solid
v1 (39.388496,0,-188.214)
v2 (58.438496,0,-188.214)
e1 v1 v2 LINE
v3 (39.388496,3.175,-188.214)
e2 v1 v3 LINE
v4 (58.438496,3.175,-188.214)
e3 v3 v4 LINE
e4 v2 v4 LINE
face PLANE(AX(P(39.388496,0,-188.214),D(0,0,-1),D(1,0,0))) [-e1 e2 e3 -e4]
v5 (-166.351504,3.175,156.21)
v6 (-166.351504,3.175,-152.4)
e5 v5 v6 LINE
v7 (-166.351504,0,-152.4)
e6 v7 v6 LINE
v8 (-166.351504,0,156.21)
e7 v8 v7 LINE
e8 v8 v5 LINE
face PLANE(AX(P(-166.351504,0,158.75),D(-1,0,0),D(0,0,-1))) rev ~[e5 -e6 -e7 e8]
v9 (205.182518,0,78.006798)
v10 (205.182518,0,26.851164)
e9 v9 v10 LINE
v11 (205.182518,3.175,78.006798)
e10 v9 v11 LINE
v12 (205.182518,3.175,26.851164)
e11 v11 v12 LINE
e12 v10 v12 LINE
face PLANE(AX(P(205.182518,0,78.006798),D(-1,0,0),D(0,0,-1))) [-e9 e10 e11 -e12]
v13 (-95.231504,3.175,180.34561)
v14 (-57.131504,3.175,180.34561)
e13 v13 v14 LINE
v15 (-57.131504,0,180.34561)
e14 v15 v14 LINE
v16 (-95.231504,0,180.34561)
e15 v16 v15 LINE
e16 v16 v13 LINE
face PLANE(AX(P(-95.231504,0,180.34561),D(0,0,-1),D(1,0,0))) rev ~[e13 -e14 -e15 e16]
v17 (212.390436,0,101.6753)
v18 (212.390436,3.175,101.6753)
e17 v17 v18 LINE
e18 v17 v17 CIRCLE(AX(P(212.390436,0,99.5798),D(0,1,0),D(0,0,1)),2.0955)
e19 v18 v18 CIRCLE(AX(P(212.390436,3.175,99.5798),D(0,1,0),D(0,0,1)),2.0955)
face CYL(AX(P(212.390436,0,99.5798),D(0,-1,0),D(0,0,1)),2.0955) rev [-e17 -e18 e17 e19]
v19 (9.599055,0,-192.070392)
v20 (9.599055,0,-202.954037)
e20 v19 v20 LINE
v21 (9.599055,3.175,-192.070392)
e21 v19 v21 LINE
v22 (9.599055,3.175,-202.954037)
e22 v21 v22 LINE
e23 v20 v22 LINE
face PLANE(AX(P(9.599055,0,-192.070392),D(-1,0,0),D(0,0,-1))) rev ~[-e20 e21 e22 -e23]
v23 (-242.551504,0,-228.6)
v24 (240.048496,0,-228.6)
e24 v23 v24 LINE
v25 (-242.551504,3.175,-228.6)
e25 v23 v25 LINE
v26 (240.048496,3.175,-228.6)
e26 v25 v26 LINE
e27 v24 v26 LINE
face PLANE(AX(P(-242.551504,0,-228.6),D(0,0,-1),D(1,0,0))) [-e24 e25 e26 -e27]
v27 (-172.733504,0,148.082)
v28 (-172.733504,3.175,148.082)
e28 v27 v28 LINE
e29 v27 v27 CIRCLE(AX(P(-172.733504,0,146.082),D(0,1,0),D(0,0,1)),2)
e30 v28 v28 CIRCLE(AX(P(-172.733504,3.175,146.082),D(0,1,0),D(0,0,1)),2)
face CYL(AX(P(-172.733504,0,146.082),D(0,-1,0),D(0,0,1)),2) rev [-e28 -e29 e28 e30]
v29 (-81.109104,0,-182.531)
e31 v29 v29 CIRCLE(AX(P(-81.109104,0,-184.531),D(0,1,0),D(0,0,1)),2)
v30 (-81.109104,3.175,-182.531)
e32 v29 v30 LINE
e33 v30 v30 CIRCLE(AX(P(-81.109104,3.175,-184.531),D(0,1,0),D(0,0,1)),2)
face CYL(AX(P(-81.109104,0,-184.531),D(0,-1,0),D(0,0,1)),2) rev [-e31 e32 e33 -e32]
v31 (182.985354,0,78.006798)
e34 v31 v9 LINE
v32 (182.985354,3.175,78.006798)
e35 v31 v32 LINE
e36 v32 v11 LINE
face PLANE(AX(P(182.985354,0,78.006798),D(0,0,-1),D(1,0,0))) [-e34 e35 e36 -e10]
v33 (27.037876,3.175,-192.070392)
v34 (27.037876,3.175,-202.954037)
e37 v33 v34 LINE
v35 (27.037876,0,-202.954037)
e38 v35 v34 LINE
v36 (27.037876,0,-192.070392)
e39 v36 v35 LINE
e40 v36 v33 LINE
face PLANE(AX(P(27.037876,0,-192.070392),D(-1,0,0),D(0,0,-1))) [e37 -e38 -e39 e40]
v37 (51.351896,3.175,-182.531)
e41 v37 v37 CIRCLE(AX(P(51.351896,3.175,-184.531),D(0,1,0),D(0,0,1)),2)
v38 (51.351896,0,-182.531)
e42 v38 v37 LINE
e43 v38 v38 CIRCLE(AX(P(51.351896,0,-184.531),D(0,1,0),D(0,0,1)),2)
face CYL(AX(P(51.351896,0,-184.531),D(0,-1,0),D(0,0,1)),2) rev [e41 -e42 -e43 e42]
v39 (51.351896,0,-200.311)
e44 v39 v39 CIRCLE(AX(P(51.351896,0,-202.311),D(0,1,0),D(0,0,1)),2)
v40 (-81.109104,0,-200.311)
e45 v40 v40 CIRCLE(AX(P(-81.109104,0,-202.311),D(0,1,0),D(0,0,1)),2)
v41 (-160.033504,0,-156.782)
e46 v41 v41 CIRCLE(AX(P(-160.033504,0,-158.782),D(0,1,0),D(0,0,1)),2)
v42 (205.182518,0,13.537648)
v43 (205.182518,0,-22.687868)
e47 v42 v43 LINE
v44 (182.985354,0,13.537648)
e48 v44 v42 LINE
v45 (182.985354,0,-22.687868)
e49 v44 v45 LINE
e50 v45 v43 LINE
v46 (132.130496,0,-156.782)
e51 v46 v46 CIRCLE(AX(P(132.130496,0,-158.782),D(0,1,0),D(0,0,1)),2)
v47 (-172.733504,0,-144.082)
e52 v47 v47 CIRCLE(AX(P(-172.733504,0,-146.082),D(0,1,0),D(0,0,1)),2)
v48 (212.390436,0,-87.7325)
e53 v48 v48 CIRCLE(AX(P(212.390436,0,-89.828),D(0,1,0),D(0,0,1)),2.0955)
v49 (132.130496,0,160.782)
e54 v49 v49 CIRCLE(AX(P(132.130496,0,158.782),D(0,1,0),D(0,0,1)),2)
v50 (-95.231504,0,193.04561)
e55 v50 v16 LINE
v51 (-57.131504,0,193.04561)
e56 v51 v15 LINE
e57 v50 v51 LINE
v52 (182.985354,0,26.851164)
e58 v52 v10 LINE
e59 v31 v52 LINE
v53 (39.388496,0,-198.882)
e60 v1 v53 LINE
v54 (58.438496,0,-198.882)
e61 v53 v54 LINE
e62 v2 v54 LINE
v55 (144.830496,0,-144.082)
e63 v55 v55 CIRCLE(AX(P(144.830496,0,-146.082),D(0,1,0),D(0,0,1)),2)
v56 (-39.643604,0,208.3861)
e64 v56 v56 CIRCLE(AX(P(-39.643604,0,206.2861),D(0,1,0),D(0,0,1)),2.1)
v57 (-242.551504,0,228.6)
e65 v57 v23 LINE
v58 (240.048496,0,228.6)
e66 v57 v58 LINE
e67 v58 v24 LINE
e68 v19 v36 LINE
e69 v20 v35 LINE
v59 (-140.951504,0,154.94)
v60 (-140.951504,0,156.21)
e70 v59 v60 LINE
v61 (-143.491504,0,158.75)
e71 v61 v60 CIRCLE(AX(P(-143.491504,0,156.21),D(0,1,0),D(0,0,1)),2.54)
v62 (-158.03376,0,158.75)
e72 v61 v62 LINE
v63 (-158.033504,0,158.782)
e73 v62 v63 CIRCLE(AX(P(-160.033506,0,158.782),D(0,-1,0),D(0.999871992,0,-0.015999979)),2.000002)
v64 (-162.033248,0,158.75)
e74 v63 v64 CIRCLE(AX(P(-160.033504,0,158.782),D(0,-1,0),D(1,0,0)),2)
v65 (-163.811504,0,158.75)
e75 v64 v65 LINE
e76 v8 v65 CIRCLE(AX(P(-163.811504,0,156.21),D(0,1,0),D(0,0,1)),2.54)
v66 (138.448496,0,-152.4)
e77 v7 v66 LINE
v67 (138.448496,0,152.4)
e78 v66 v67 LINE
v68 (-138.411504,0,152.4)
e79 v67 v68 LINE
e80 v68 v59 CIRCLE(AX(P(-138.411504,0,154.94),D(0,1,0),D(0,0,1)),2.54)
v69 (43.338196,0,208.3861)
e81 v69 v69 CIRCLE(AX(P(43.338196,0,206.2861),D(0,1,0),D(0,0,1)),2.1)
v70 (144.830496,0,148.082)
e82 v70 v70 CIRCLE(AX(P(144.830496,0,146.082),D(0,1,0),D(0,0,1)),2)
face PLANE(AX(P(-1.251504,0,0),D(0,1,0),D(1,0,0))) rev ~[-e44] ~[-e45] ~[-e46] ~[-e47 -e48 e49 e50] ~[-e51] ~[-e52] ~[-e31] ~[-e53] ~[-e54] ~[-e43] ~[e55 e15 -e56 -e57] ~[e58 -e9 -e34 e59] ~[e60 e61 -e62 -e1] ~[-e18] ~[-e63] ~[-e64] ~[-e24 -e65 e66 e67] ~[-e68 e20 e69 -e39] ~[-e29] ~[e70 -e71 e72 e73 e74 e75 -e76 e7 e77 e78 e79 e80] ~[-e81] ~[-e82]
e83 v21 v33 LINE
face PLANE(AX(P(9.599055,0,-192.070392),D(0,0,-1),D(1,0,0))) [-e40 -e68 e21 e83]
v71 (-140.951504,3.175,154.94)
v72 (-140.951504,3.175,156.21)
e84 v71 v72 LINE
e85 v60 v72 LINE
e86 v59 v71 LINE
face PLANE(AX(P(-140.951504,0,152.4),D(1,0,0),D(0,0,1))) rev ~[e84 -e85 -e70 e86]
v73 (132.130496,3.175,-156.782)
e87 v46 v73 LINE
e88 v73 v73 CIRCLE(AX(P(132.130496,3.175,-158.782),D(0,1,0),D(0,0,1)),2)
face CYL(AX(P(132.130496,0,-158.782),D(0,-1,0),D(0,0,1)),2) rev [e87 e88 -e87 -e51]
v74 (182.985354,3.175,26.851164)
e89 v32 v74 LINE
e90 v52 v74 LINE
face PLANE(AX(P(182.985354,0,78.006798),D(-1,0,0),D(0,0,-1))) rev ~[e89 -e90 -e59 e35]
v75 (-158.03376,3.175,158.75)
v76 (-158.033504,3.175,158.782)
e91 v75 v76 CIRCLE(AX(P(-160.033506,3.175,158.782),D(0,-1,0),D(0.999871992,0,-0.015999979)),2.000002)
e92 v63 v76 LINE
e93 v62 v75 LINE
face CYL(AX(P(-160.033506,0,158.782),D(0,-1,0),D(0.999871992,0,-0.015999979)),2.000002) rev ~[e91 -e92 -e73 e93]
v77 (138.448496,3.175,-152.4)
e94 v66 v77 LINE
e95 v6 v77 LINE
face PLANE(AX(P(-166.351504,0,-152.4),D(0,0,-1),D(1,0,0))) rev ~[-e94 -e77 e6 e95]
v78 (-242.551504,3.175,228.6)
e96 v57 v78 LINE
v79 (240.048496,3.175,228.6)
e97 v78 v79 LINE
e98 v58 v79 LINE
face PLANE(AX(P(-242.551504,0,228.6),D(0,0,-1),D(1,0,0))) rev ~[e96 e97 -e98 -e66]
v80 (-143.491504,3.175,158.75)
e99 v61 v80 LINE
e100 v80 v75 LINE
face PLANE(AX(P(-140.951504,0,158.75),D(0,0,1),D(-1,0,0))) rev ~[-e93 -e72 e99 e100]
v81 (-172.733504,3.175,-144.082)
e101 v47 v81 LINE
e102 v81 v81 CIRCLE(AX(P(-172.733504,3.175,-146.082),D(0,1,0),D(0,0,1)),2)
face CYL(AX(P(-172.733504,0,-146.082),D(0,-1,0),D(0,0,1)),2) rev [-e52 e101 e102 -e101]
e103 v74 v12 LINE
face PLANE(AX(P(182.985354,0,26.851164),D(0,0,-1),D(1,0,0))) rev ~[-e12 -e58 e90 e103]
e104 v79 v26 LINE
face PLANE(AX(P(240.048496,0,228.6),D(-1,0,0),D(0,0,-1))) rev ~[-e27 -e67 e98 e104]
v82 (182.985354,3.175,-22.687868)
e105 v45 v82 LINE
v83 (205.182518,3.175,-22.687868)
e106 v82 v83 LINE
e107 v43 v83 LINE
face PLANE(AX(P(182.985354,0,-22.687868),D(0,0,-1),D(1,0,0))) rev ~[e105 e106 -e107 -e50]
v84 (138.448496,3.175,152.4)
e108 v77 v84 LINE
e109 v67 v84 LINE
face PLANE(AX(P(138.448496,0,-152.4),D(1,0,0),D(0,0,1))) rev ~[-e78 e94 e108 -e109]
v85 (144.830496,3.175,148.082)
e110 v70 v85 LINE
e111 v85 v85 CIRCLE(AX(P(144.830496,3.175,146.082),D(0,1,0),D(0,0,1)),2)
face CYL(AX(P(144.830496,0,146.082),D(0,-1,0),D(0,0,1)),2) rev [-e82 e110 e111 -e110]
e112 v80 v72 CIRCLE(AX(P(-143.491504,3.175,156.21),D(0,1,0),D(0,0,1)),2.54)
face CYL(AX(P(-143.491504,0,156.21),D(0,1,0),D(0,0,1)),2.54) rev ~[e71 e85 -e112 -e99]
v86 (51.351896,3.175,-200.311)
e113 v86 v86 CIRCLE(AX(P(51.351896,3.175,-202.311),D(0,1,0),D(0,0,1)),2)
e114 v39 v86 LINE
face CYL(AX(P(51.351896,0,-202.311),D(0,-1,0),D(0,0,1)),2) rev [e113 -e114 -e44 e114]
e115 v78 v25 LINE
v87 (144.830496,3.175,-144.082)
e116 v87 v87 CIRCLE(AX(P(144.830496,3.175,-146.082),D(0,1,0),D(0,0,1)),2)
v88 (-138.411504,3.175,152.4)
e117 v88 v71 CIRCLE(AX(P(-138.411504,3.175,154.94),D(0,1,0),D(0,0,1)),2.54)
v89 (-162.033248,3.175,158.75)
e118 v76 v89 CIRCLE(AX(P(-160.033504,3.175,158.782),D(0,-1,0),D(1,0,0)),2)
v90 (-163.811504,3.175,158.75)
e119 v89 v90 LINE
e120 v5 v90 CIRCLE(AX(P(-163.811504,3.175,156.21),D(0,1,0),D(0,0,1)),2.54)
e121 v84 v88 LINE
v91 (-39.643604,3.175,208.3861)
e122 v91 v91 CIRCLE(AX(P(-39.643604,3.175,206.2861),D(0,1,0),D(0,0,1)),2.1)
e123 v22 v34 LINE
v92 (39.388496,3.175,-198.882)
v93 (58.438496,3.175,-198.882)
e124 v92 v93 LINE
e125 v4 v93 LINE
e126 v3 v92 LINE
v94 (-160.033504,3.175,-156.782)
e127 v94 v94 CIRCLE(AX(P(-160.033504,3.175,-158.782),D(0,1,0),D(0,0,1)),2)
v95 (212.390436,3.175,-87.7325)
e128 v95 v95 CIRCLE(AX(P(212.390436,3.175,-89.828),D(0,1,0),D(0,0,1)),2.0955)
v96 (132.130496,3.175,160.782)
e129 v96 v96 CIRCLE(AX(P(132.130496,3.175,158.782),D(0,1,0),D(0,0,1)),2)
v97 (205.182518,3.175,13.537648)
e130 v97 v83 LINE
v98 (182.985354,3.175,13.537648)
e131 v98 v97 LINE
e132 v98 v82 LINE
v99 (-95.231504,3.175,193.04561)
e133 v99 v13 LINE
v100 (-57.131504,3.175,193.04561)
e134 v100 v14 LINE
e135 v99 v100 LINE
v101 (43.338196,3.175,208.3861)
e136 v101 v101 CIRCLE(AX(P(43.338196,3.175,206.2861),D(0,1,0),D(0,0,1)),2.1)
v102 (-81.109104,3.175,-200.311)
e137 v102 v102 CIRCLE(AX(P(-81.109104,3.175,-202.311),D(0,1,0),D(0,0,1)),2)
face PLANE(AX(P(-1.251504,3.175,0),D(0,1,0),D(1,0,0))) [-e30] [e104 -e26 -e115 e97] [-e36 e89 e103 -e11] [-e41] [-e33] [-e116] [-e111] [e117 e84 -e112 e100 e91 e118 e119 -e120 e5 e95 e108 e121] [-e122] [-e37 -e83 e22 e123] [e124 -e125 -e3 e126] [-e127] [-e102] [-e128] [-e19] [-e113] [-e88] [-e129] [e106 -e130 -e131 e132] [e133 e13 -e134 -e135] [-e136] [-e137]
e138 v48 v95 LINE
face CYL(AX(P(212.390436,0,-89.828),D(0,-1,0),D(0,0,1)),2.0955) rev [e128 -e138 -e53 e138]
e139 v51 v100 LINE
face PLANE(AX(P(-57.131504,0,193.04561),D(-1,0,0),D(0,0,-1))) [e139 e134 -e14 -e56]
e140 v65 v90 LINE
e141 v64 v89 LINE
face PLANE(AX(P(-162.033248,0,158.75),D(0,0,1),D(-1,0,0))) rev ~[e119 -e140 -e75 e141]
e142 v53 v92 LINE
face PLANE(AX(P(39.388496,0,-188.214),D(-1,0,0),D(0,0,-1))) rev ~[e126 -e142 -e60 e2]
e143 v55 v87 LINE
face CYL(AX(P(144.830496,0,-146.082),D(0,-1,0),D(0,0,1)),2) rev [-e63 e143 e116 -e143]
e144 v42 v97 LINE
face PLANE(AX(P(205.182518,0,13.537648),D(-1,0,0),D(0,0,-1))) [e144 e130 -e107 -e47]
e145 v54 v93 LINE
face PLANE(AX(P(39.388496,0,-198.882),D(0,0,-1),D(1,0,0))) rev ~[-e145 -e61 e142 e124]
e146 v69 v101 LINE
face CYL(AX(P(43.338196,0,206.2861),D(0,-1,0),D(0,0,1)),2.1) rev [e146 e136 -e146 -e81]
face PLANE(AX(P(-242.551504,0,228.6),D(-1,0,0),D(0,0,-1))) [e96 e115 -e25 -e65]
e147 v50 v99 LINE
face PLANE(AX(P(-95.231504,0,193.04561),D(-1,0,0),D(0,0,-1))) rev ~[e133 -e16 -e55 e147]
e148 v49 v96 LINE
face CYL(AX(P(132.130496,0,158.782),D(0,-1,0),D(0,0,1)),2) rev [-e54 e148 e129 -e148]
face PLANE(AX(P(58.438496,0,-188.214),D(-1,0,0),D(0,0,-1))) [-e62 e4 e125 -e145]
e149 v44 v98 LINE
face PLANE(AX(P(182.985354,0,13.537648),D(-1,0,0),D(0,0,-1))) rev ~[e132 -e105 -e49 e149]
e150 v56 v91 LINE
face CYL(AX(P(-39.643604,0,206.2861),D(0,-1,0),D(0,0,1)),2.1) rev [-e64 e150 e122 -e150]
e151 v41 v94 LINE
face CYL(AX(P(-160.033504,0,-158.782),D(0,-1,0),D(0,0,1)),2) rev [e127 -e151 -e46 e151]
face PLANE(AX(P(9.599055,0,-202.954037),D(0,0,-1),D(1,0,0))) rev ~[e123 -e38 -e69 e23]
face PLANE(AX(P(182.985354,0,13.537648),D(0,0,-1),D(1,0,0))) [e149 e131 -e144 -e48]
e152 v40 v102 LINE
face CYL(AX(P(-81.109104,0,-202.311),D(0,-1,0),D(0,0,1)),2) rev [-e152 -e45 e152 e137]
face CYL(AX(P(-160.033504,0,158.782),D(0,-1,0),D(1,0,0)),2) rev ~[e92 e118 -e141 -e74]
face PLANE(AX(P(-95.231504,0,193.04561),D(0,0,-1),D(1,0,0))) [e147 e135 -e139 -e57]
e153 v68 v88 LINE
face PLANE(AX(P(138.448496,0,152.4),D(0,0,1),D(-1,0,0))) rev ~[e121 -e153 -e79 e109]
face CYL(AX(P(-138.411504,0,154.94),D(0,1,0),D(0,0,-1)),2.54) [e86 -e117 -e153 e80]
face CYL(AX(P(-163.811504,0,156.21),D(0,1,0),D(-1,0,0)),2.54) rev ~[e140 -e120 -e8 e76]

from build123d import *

# Parameters (mm, degrees)
SKETCH1_W           = 482.6
SKETCH1_H           = 457.2
SKETCH1_R           = 2
SKETCH1_W_2         = 38.1
SKETCH1_H_2         = 12.7
SKETCH1_R_2         = 2.1
SKETCH1_R_3         = 2.0955
SKETCH1_W_3         = 22.197164078
SKETCH1_H_3         = 51.155633978
SKETCH1_H_4         = 36.225516101
SKETCH1_W_4         = 17.438820998
SKETCH1_H_5         = 10.883645004
SKETCH1_W_5         = 19.05
SKETCH1_H_6         = 10.668
BOSS_EXTRUDE1_DEPTH = 3.175
FILLET1_R           = 2.54


with BuildPart() as part:
    # Sketch1 → Boss-Extrude1 (new body)
    with BuildSketch(Plane(origin=(0, 0, 0), x_dir=(1, 0, 0), z_dir=(0, 1, 0))):
        with Locations((-1.251503591, 0)):
            Rectangle(SKETCH1_W, SKETCH1_H)
        with Locations(Location((-172.733503591, -146.082, 0), (0, 0, 270))):
            Circle(SKETCH1_R, mode=Mode.SUBTRACT)
        with Locations((-76.181503591, -186.695610311)):
            Rectangle(SKETCH1_W_2, SKETCH1_H_2, mode=Mode.SUBTRACT)
        with Locations(Location((-39.643603591, -206.2861, 0), (0, 0, 270))):
            Circle(SKETCH1_R_2, mode=Mode.SUBTRACT)
        with BuildLine():
            Line((-166.351503591, -152.4), (-166.351503591, 152.4))
            Line((-166.351503591, 152.4), (138.448496409, 152.4))
            Line((138.448496409, 152.4), (138.448496409, -152.4))
            Line((138.448496409, -152.4), (-140.951503591, -152.4))
            Line((-140.951503591, -152.4), (-140.951503591, -158.75))
            Line((-140.951503591, -158.75), (-158.033759607, -158.75))
            ThreePointArc((-158.033759607, -158.75), (-158.033567596, -158.765999488), (-158.033503591, -158.782))
            ThreePointArc((-158.033503591, -158.782), (-160.049504103, -160.781935995), (-162.033247575, -158.75))
            Line((-162.033247575, -158.75), (-166.351503591, -158.75))
            Line((-166.351503591, -158.75), (-166.351503591, -152.4))
        make_face(mode=Mode.SUBTRACT)
        with Locations(Location((43.338196409, -206.2861, 0), (0, 0, 270))):
            Circle(SKETCH1_R_2, mode=Mode.SUBTRACT)
        with Locations(Location((132.130496409, -158.782, 0), (0, 0, 270))):
            Circle(SKETCH1_R, mode=Mode.SUBTRACT)
        with Locations(Location((144.830496409, -146.082, 0), (0, 0, 270))):
            Circle(SKETCH1_R, mode=Mode.SUBTRACT)
        with Locations(Location((212.390436409, -99.579800078, 0), (0, 0, 270))):
            Circle(SKETCH1_R_3, mode=Mode.SUBTRACT)
        with Locations((194.083935921, -52.428980659)):
            Rectangle(SKETCH1_W_3, SKETCH1_H_3, mode=Mode.SUBTRACT)
        with Locations(Location((-172.733503591, 146.082, 0), (0, 0, 270))):
            Circle(SKETCH1_R, mode=Mode.SUBTRACT)
        with Locations(Location((-160.033503591, 158.782, 0), (0, 0, 270))):
            Circle(SKETCH1_R, mode=Mode.SUBTRACT)
        with Locations(Location((-81.109103591, 184.531, 0), (0, 0, 270))):
            Circle(SKETCH1_R, mode=Mode.SUBTRACT)
        with Locations(Location((-81.109103591, 202.311, 0), (0, 0, 270))):
            Circle(SKETCH1_R, mode=Mode.SUBTRACT)
        with Locations((194.083935921, 4.575109653)):
            Rectangle(SKETCH1_W_3, SKETCH1_H_4, mode=Mode.SUBTRACT)
        with Locations(Location((212.390436409, 89.827999922, 0), (0, 0, 270))):
            Circle(SKETCH1_R_3, mode=Mode.SUBTRACT)
        with Locations((18.318465636, 197.512214728)):
            Rectangle(SKETCH1_W_4, SKETCH1_H_5, mode=Mode.SUBTRACT)
        with Locations(Location((51.351896409, 184.531, 0), (0, 0, 270))):
            Circle(SKETCH1_R, mode=Mode.SUBTRACT)
        with Locations((48.913496409, 193.548)):
            Rectangle(SKETCH1_W_5, SKETCH1_H_6, mode=Mode.SUBTRACT)
        with Locations(Location((51.351896409, 202.311, 0), (0, 0, 270))):
            Circle(SKETCH1_R, mode=Mode.SUBTRACT)
        with Locations(Location((144.830496409, 146.082, 0), (0, 0, 270))):
            Circle(SKETCH1_R, mode=Mode.SUBTRACT)
        with Locations(Location((132.130496409, 158.782, 0), (0, 0, 270))):
            Circle(SKETCH1_R, mode=Mode.SUBTRACT)
    extrude(amount=BOSS_EXTRUDE1_DEPTH)

    # Fillet1
    fillet1_edges = [part.edges().sort_by_distance(p)[0] for p in [
        (-140.951503591, 1.5875, 158.75),
        (-140.951503591, 1.5875, 152.4),
        (-166.351503591, 1.5875, 158.75),
    ]]
    fillet(fillet1_edges, radius=FILLET1_R)


solid = part.part
